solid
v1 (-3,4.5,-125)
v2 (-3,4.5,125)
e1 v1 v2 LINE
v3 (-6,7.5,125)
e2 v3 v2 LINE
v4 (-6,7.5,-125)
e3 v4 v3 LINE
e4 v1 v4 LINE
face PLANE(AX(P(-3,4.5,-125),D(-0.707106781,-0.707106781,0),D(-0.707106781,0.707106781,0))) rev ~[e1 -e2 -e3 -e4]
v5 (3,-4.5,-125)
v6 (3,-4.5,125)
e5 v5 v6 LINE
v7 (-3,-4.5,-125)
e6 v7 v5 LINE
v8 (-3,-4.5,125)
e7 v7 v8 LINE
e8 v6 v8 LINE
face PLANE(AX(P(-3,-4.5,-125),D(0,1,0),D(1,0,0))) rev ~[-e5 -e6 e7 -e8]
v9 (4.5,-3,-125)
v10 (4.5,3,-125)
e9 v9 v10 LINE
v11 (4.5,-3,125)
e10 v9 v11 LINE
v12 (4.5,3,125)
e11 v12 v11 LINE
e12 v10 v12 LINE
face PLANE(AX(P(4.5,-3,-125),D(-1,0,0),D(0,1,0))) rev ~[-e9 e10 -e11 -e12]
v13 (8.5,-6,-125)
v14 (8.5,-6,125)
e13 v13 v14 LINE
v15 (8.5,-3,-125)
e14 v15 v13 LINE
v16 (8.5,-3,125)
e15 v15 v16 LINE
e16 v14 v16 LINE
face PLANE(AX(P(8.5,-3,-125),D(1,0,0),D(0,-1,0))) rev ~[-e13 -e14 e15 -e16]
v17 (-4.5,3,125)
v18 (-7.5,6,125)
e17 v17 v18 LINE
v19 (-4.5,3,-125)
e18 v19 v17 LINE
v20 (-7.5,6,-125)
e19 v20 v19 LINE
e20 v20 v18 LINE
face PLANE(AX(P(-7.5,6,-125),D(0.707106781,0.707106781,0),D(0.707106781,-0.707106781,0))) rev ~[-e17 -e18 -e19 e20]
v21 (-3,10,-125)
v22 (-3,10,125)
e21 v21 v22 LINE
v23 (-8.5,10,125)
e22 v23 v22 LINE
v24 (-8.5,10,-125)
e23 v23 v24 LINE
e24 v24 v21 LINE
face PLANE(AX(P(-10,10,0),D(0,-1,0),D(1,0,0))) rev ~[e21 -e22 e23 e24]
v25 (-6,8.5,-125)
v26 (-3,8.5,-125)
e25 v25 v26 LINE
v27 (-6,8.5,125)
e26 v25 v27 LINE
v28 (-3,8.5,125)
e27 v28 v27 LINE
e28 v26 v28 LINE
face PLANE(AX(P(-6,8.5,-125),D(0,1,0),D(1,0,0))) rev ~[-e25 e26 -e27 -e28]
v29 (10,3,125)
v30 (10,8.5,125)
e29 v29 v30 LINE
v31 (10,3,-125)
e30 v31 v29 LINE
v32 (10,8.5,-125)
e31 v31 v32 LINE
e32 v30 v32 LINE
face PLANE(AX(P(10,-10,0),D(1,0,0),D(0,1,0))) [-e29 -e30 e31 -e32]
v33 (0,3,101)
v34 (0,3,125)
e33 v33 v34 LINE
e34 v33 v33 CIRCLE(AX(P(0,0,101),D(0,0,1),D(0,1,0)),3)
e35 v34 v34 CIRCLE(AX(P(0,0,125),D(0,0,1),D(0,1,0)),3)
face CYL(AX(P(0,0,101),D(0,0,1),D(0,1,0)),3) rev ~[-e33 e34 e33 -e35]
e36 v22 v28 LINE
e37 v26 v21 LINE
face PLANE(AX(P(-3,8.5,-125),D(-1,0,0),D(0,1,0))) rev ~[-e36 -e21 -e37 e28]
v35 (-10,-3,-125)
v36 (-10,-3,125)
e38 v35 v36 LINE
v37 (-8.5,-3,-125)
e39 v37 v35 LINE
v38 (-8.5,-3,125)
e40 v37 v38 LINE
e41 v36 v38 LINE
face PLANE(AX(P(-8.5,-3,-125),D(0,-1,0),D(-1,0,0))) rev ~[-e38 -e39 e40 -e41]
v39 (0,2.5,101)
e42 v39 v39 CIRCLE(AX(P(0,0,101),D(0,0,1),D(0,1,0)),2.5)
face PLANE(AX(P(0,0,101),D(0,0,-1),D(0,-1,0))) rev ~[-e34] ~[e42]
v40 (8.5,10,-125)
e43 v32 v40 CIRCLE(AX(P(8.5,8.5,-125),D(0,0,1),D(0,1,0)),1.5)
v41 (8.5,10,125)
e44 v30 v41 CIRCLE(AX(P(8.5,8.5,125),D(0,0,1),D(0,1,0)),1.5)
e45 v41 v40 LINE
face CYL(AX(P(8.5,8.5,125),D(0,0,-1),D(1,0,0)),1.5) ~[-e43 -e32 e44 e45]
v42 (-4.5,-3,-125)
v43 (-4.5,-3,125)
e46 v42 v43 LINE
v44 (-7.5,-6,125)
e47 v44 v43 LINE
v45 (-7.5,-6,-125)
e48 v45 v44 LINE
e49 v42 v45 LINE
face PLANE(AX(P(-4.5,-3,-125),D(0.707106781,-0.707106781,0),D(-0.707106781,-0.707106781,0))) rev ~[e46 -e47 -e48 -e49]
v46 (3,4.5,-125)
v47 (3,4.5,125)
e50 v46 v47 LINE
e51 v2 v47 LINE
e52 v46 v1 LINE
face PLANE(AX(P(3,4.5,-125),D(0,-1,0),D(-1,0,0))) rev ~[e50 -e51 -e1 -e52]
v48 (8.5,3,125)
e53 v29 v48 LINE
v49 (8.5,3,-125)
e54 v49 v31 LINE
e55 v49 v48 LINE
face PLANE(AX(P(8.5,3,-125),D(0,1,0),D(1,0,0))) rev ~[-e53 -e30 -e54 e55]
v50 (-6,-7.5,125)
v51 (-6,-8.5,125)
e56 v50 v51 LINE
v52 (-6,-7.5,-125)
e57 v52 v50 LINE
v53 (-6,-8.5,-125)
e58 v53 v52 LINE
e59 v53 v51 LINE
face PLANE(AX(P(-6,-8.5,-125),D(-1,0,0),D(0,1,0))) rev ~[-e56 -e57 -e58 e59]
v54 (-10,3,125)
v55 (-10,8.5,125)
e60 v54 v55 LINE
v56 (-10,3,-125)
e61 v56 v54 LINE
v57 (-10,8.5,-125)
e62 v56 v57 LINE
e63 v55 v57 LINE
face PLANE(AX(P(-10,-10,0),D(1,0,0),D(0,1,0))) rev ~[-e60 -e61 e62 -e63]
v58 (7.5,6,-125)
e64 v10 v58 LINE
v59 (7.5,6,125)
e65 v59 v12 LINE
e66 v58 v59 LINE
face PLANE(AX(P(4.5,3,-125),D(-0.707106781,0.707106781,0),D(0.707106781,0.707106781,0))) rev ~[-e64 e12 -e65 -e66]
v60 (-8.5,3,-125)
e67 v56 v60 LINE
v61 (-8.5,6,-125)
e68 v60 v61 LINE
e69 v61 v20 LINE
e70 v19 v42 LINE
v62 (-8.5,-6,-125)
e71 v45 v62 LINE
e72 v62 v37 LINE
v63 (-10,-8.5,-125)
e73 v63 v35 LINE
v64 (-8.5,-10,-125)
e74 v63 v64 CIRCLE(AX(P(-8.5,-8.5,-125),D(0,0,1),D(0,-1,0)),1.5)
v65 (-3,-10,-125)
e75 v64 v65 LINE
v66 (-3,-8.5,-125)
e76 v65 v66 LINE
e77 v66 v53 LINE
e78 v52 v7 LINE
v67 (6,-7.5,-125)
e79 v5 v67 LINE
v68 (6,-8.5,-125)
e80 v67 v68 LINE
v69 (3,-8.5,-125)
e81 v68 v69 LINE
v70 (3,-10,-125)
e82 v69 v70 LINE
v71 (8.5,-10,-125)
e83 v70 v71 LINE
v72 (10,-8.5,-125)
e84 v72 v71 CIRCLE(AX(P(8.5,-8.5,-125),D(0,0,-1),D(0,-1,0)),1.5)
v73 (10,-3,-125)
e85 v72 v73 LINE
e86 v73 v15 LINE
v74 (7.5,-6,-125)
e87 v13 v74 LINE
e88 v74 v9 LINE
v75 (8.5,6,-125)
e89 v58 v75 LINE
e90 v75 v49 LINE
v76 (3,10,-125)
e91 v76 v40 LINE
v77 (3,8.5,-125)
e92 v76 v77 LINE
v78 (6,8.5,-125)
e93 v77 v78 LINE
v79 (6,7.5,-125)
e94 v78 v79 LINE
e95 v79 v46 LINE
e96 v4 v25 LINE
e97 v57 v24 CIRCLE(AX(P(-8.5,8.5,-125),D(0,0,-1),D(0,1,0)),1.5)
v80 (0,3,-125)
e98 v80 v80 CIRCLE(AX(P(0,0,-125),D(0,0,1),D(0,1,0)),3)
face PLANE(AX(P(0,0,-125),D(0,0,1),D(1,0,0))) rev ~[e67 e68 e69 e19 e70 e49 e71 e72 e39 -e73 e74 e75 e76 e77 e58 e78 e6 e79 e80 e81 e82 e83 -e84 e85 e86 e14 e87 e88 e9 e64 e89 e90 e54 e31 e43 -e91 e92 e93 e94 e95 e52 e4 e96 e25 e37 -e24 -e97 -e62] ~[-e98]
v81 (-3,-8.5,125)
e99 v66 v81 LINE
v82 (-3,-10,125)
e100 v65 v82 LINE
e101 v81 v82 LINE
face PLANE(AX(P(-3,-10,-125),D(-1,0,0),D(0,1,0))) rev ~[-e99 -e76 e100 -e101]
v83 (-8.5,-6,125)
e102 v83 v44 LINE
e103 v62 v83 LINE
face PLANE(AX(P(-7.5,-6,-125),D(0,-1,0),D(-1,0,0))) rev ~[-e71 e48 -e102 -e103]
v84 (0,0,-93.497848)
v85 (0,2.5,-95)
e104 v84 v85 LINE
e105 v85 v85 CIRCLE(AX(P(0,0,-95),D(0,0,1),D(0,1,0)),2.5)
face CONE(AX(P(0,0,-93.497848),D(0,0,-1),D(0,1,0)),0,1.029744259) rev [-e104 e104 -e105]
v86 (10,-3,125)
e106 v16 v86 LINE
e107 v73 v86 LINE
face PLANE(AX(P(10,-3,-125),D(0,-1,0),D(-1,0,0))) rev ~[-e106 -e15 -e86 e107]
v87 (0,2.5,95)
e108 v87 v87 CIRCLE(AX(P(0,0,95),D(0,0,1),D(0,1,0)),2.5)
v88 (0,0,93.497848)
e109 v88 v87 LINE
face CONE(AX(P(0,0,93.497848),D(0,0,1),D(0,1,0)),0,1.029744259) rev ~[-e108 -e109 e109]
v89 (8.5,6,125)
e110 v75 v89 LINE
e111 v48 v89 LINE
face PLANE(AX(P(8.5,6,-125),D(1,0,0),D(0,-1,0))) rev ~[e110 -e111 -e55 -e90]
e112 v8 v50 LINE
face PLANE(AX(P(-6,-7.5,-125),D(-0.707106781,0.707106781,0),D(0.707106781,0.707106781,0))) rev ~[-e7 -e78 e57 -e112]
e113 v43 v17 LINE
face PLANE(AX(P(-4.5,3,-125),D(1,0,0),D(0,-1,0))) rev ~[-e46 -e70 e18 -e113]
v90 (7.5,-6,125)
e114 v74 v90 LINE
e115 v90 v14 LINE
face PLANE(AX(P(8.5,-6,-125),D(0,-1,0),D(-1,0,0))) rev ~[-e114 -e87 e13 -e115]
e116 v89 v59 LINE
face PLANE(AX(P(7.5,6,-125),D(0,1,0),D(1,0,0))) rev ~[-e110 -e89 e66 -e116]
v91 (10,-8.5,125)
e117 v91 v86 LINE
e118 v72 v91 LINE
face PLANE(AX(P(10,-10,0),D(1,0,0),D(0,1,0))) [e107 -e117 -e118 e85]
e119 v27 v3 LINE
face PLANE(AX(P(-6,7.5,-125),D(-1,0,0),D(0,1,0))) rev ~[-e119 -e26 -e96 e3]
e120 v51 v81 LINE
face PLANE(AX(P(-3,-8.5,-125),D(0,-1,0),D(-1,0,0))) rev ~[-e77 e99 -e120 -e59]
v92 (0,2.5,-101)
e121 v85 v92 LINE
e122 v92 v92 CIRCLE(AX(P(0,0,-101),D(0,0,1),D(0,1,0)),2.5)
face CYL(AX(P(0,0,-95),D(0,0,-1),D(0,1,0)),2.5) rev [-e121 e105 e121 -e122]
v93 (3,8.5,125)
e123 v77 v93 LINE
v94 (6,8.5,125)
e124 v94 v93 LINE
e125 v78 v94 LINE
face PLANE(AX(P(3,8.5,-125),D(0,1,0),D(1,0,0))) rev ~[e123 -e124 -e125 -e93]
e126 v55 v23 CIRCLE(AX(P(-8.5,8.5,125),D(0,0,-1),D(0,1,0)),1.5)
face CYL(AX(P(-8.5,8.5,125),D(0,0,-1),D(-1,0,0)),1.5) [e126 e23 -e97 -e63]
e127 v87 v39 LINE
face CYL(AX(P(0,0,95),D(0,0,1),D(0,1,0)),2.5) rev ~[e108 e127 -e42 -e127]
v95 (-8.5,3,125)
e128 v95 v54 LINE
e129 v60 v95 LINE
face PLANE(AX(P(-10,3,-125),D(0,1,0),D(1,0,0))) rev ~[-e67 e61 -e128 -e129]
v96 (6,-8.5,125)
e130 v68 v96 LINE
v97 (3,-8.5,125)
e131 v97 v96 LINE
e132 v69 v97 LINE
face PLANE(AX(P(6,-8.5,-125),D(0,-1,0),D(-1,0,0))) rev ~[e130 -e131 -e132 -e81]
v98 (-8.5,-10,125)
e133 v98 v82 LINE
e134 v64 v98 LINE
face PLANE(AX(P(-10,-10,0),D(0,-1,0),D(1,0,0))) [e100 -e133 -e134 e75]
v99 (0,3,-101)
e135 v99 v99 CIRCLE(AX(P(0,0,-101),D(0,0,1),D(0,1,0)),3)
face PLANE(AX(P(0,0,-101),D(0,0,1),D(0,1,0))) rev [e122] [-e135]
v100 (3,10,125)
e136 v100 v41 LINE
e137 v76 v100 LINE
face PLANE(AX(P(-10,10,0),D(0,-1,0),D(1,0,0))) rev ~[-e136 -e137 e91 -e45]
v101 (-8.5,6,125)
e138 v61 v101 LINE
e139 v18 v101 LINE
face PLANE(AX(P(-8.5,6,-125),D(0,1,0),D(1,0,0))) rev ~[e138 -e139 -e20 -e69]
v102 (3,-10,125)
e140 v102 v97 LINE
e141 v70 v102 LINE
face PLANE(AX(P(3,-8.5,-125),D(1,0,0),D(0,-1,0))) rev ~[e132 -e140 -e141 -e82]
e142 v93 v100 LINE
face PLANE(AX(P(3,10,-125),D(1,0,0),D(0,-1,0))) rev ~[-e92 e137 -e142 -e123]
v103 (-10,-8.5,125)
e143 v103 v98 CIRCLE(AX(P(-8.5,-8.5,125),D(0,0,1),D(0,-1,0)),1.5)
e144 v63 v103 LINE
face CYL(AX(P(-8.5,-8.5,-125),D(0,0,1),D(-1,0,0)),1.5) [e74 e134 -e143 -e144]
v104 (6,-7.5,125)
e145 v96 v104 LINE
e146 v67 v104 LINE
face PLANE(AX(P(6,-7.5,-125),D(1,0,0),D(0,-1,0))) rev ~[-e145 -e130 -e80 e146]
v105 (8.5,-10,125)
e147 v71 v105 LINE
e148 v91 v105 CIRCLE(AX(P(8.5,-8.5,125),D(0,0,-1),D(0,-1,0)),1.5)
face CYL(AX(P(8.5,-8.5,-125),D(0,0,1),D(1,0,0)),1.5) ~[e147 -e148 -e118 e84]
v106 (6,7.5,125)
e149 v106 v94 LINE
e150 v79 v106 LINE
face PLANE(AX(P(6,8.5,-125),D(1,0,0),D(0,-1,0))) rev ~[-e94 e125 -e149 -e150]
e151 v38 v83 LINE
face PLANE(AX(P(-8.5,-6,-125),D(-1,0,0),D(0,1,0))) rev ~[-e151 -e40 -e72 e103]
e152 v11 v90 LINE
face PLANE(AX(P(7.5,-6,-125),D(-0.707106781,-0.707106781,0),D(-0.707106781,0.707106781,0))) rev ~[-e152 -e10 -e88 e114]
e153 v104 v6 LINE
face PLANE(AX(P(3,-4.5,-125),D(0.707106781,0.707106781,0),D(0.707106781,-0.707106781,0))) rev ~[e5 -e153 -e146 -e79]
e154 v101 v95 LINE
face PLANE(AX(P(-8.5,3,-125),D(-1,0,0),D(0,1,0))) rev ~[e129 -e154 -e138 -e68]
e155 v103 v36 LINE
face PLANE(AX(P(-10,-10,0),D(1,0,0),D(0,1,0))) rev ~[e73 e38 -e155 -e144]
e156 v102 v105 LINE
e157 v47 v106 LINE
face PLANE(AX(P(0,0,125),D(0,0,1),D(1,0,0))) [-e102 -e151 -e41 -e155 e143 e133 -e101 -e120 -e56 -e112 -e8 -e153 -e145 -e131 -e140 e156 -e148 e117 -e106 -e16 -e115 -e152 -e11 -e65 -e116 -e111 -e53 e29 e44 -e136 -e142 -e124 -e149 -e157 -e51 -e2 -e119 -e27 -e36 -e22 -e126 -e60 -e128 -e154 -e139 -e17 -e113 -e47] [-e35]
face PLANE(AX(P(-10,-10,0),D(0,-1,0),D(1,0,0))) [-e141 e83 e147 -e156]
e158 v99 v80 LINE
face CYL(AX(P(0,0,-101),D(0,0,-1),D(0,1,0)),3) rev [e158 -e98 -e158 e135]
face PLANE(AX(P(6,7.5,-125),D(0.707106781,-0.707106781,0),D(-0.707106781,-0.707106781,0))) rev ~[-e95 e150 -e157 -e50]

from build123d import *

# Parameters (mm, degrees)
ESQUISSE1_W                  = 20
ESQUISSE1_H                  = 20
EXTRUSION1_DEPTH             = 125
CONG_1_R                     = 1.5
ENL_V_MAT_EXTRU_1_DEPTH      = 251.399680511
R_P_TITION_CIRCULAIRE1_COUNT = 4


with BuildPart() as part:
    # Esquisse1 → Extrusion1 (new, symmetric)
    with BuildSketch(Plane.XY):
        Rectangle(ESQUISSE1_W, ESQUISSE1_H)
    extrude(amount=EXTRUSION1_DEPTH, both=True)

    # Congé1
    cong_1_edges = [part.edges().sort_by_distance(p)[0] for p in [
        (-10, -10, 0),
        (10, -10, 0),
        (-10, 10, 0),
        (10, 10, 0),
    ]]
    fillet(cong_1_edges, radius=CONG_1_R)

    # Esquisse2 → Enlèv. mat.-Extru.1 (cut, through all)
    with BuildSketch(Plane(origin=(0, 0, -125), x_dir=(-1, 0, 0), z_dir=(0, 0, -1))):
        Polygon((-10, 3), (-10, -3), (-8.5, -3), (-8.5, -6), (-7.5, -6), (-4.5, -3), (-4.5, 3), (-7.5, 6), (-8.5, 6), (-8.5, 3), align=None)
    enl_v_mat_extru_1 = extrude(amount=-ENL_V_MAT_EXTRU_1_DEPTH, mode=Mode.SUBTRACT)

    # Répétition circulaire1: Enlèv. mat.-Extru.1 ×4 about axis
    r_p_tition_circulaire1_axis = Axis((0, 0, 9.333809512), (0, 0, -1))
    for i in range(1, R_P_TITION_CIRCULAIRE1_COUNT):
        add(enl_v_mat_extru_1.rotate(r_p_tition_circulaire1_axis, i * 360 / R_P_TITION_CIRCULAIRE1_COUNT), mode=Mode.SUBTRACT)

    # Esquisse5 → Trou taraudé M6x1.01 (revolve, cut)
    with BuildSketch(Plane(origin=(0, 0, -125), x_dir=(0, 1, 0), z_dir=(1, 0, 0))):
        Polygon((0, 0), (0, 31.502151548), (2.5, 30), (2.5, 24), (3, 24), (3, 0), align=None)
    trou_taraud_m6x1_01 = revolve(axis=Axis((0, 0, -131.35), (0, 0, 1)), mode=Mode.SUBTRACT)

    # Symétrie1: Trou taraudé M6x1.01 across plane
    add(trou_taraud_m6x1_01.mirror(Plane.XY), mode=Mode.SUBTRACT)


solid = part.part
